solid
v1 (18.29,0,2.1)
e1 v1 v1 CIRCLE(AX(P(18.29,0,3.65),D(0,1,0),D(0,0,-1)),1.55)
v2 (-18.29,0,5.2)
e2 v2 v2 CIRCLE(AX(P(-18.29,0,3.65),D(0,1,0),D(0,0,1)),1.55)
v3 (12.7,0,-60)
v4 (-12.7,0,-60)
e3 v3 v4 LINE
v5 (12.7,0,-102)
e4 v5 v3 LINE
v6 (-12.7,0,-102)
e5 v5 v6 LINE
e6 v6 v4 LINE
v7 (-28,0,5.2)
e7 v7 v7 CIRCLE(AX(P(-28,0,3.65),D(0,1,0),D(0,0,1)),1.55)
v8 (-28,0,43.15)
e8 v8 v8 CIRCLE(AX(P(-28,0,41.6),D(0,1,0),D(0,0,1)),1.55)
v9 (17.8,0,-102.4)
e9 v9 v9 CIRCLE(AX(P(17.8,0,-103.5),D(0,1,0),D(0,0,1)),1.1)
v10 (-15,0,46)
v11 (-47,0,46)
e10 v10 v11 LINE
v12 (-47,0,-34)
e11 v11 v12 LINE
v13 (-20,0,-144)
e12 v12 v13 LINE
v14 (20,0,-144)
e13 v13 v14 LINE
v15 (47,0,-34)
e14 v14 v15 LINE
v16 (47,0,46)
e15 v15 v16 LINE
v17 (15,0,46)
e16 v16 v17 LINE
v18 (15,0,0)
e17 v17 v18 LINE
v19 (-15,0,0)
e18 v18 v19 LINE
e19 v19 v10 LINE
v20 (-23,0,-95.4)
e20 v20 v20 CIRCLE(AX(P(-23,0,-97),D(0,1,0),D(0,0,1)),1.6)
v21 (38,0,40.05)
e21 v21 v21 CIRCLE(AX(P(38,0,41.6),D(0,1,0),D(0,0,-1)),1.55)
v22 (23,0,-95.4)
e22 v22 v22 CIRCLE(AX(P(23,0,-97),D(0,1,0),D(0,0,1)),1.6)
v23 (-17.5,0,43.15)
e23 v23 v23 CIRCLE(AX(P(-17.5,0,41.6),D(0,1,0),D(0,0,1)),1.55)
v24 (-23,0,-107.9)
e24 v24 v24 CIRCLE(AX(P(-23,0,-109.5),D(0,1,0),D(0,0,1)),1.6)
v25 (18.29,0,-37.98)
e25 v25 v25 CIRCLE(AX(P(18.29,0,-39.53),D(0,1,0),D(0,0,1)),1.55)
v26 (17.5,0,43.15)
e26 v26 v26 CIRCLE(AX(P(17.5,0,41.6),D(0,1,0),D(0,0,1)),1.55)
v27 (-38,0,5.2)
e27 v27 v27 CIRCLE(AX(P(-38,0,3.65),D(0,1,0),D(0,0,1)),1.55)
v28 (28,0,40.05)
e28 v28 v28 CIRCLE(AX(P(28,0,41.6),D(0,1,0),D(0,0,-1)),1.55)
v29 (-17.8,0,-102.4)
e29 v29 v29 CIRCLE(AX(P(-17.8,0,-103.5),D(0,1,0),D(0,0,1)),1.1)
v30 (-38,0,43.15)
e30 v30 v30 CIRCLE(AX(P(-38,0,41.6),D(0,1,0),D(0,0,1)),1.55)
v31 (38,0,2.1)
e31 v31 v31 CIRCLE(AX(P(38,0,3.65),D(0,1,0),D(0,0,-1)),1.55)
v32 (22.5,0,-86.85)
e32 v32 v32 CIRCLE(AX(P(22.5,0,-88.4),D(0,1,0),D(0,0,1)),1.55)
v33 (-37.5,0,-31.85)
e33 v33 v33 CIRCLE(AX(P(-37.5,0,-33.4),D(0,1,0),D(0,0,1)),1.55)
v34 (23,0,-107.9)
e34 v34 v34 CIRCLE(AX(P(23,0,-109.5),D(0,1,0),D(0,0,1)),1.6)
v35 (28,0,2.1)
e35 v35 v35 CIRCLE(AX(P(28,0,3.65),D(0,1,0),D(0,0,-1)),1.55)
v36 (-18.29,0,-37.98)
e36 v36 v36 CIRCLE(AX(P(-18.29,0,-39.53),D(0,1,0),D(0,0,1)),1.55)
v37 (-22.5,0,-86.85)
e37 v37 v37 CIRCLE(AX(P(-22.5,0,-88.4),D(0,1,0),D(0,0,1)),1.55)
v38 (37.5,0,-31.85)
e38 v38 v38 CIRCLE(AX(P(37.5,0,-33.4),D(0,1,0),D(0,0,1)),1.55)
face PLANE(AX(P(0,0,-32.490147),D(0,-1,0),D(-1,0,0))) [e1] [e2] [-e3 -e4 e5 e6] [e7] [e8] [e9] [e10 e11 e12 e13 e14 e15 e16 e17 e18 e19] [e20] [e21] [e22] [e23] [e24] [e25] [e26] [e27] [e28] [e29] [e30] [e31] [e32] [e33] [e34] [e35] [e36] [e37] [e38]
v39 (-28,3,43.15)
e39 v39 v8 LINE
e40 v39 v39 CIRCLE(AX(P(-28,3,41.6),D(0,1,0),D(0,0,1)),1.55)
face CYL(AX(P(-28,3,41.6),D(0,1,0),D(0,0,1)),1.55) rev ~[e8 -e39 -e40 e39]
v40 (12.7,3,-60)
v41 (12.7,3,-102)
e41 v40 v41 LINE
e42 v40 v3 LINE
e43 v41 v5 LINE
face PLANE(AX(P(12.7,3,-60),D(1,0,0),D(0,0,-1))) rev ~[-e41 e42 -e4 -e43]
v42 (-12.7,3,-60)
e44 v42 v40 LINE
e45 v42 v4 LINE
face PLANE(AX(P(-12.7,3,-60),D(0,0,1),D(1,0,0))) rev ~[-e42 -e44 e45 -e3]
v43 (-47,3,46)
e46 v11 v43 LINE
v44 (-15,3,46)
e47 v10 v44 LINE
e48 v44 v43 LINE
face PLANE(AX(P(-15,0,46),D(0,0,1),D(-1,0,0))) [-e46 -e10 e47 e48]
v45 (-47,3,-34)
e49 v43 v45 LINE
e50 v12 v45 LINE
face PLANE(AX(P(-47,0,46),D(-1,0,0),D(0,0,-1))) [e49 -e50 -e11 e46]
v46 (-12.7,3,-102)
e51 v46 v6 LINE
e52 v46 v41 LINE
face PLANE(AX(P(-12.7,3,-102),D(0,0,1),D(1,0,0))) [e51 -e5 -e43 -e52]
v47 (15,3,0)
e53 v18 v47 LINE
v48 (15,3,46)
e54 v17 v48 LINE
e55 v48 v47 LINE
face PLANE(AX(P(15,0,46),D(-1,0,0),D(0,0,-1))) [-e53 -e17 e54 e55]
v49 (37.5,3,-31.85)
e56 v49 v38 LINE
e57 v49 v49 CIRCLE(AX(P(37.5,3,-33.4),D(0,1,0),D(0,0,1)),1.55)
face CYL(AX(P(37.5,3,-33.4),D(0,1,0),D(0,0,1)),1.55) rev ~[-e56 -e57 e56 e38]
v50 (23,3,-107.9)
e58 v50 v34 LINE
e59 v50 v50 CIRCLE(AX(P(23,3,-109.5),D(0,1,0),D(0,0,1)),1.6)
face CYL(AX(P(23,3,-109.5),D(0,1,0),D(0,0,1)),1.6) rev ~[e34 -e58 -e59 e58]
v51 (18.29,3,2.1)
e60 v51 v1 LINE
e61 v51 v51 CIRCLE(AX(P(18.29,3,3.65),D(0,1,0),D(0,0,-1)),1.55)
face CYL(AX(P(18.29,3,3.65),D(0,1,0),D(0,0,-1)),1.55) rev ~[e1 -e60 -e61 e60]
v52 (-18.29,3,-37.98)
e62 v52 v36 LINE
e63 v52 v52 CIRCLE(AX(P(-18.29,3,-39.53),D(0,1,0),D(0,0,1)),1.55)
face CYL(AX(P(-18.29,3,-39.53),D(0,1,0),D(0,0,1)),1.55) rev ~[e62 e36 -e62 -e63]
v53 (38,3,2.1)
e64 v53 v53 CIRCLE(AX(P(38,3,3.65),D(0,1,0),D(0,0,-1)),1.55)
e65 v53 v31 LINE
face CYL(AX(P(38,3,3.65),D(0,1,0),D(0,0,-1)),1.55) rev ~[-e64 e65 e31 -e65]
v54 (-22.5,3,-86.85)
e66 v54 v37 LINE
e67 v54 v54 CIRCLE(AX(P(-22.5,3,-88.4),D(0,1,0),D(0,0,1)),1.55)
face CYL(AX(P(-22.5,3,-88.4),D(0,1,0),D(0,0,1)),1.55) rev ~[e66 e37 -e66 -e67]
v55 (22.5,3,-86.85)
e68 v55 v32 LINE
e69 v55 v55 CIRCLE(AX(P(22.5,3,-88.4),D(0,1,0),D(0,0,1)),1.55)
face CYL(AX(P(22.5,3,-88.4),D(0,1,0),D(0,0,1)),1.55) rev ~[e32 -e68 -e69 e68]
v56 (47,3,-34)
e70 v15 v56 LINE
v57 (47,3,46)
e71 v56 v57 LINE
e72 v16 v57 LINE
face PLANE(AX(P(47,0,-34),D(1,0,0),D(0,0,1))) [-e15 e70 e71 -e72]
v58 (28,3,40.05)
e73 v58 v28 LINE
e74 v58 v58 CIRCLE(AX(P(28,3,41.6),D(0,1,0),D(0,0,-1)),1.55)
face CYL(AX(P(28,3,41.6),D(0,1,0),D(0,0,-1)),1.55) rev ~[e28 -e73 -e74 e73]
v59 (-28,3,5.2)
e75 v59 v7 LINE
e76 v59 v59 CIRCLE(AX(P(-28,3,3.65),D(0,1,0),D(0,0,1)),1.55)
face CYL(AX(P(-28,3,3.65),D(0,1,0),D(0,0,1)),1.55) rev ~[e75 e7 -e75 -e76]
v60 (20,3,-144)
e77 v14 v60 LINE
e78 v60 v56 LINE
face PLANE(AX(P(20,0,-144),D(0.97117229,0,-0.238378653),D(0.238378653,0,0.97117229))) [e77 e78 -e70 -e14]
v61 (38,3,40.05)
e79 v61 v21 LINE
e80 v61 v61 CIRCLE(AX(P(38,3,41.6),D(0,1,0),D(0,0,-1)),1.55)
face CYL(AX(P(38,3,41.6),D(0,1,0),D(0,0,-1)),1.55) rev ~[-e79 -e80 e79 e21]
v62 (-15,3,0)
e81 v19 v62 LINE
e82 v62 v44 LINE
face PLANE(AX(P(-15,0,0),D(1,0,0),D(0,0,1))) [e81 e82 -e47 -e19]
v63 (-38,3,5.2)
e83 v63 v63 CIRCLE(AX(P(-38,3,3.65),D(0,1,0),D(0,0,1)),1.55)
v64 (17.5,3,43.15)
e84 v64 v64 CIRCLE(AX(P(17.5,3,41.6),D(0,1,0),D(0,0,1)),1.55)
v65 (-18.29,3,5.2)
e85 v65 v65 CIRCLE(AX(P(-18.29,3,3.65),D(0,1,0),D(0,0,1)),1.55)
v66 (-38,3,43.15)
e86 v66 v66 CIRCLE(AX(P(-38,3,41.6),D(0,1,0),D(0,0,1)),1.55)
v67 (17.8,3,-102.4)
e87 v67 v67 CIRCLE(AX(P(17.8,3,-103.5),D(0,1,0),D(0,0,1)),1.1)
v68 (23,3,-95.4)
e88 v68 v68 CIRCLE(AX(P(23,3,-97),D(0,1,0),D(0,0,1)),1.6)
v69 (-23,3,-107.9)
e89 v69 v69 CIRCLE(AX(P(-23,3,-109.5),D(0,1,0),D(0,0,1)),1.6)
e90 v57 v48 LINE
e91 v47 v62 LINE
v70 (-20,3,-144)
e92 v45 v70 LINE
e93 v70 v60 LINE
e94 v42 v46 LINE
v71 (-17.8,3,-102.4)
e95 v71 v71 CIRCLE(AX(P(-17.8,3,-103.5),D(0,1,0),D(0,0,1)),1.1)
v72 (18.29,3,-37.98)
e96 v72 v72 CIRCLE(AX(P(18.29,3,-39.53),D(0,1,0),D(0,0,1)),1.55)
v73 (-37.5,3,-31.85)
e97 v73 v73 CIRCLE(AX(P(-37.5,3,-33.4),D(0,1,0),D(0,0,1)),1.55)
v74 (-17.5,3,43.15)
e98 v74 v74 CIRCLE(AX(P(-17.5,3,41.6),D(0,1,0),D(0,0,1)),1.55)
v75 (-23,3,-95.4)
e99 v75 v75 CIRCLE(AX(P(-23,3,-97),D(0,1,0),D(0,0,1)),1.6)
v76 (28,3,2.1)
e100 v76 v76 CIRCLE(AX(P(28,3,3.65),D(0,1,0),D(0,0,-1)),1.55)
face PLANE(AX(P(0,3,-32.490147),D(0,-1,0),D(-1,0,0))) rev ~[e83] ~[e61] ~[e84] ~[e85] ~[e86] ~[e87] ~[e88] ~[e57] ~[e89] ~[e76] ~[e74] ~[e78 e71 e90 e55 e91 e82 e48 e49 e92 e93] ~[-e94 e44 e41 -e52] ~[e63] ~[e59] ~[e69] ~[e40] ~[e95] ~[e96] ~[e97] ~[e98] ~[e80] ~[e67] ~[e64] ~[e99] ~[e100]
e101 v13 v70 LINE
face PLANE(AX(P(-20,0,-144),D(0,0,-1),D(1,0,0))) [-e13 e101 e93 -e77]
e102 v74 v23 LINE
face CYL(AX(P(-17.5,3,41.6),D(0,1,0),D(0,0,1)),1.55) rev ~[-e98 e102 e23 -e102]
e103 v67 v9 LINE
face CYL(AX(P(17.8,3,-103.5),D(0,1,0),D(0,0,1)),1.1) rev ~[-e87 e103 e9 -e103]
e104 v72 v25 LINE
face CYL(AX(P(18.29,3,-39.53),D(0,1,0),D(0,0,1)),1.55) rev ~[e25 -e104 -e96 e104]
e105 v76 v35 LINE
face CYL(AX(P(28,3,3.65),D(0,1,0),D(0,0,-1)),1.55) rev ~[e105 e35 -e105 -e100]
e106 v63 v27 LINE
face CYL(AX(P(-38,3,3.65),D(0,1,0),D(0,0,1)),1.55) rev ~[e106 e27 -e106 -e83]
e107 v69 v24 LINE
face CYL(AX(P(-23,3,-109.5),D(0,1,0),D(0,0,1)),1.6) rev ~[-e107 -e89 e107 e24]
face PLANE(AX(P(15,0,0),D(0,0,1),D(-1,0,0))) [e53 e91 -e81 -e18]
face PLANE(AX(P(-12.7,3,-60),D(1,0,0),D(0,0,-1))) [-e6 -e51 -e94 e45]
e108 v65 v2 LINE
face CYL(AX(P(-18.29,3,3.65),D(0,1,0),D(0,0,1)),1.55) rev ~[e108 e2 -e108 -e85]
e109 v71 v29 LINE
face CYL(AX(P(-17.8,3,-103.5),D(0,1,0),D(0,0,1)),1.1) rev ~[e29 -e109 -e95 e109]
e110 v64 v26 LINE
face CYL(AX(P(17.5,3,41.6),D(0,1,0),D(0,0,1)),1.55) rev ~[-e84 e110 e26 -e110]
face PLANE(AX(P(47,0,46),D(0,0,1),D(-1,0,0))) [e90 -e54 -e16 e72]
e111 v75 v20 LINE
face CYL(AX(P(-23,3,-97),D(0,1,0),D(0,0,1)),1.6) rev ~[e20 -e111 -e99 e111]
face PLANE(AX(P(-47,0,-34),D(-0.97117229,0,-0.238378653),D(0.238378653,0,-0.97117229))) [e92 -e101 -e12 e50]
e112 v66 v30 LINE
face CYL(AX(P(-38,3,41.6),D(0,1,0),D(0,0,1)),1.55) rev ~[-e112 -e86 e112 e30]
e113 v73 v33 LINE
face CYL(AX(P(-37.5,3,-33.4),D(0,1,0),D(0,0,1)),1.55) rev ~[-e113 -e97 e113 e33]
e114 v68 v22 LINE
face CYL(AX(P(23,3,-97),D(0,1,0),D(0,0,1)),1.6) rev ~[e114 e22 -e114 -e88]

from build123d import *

# Parameters (mm, degrees)
BODY_DEPTH             = 3
SKETCH4_R              = 1.55
MOTOR_MOUNT_DEPTH      = 3
SKETCH5_R              = 1.1
SKETCH5_W              = 25.4
SKETCH5_H              = 42
PROTOBOARD_MOUNT_DEPTH = 10
SKETCH6_R              = 1.6
CASTER_MOUNT_DEPTH     = 10
SKETCH8_R              = 1.55
STAND_OFF_MOUNT_DEPTH  = 10


with BuildPart() as part:
    # Sketch3 → Body (new body)
    with BuildSketch(Plane(origin=(0, 0, 0), x_dir=(1, 0, 0), z_dir=(0, 1, 0))):
        Polygon((-15, -46), (-47, -46), (-47, 34), (-20, 144), (20, 144), (47, 34), (47, -46), (15, -46), (15, 0), (-15, 0), align=None)
    extrude(amount=BODY_DEPTH)

    # Sketch4 → Motor Mount (cut)
    with BuildSketch(Plane(origin=(0, 3, 0), x_dir=(1, 0, 0), z_dir=(0, 1, 0))):
        with Locations(Location((-38, -3.65, 0), (0, 0, 270))):
            Circle(SKETCH4_R)
        with Locations(Location((-28, -3.65, 0), (0, 0, 270))):
            Circle(SKETCH4_R)
        with Locations(Location((-38, -41.6, 0), (0, 0, 270))):
            Circle(SKETCH4_R)
        with Locations(Location((-28, -41.6, 0), (0, 0, 270))):
            Circle(SKETCH4_R)
        with Locations(Location((-18.29, -3.65, 0), (0, 0, 270))):
            Circle(SKETCH4_R)
        with Locations(Location((18.29, -3.65, 0), (0, 0, 90))):
            Circle(SKETCH4_R)
        with Locations(Location((28, -41.6, 0), (0, 0, 90))):
            Circle(SKETCH4_R)
        with Locations(Location((38, -41.6, 0), (0, 0, 90))):
            Circle(SKETCH4_R)
        with Locations(Location((28, -3.65, 0), (0, 0, 90))):
            Circle(SKETCH4_R)
        with Locations(Location((38, -3.65, 0), (0, 0, 90))):
            Circle(SKETCH4_R)
        with Locations(Location((-18.29, 39.53, 0), (0, 0, 270))):
            Circle(SKETCH4_R)
        with Locations(Location((18.29, 39.53, 0), (0, 0, 270))):
            Circle(SKETCH4_R)
    extrude(amount=-MOTOR_MOUNT_DEPTH, mode=Mode.SUBTRACT)

    # Sketch5 → Protoboard Mount (cut)
    with BuildSketch(Plane(origin=(0, 3, 0), x_dir=(1, 0, 0), z_dir=(0, 1, 0))):
        with Locations(Location((-17.8, 103.5, 0), (0, 0, 270))):
            Circle(SKETCH5_R)
        with Locations(Location((17.8, 103.5, 0), (0, 0, 270))):
            Circle(SKETCH5_R)
        with Locations((0, 81)):
            Rectangle(SKETCH5_W, SKETCH5_H)
    extrude(amount=-PROTOBOARD_MOUNT_DEPTH, mode=Mode.SUBTRACT)

    # Sketch6 → Caster Mount (cut)
    with BuildSketch(Plane(origin=(0, 3, 0), x_dir=(1, 0, 0), z_dir=(0, 1, 0))):
        with Locations(Location((-23, 109.5, 0), (0, 0, 270))):
            Circle(SKETCH6_R)
        with Locations(Location((-23, 97, 0), (0, 0, 270))):
            Circle(SKETCH6_R)
        with Locations(Location((23, 97, 0), (0, 0, 270))):
            Circle(SKETCH6_R)
        with Locations(Location((23, 109.5, 0), (0, 0, 270))):
            Circle(SKETCH6_R)
    extrude(amount=-CASTER_MOUNT_DEPTH, mode=Mode.SUBTRACT)

    # Sketch8 → Stand Off Mount (cut)
    with BuildSketch(Plane(origin=(0, 3, 0), x_dir=(1, 0, 0), z_dir=(0, 1, 0))):
        with Locations(Location((-22.5, 88.4, 0), (0, 0, 270))):
            Circle(SKETCH8_R)
        with Locations(Location((22.5, 88.4, 0), (0, 0, 270))):
            Circle(SKETCH8_R)
        with Locations(Location((37.5, 33.4, 0), (0, 0, 270))):
            Circle(SKETCH8_R)
        with Locations(Location((-37.5, 33.4, 0), (0, 0, 270))):
            Circle(SKETCH8_R)
        with Locations(Location((-17.5, -41.6, 0), (0, 0, 270))):
            Circle(SKETCH8_R)
        with Locations(Location((17.5, -41.6, 0), (0, 0, 270))):
            Circle(SKETCH8_R)
    extrude(amount=-STAND_OFF_MOUNT_DEPTH, mode=Mode.SUBTRACT)


solid = part.part
